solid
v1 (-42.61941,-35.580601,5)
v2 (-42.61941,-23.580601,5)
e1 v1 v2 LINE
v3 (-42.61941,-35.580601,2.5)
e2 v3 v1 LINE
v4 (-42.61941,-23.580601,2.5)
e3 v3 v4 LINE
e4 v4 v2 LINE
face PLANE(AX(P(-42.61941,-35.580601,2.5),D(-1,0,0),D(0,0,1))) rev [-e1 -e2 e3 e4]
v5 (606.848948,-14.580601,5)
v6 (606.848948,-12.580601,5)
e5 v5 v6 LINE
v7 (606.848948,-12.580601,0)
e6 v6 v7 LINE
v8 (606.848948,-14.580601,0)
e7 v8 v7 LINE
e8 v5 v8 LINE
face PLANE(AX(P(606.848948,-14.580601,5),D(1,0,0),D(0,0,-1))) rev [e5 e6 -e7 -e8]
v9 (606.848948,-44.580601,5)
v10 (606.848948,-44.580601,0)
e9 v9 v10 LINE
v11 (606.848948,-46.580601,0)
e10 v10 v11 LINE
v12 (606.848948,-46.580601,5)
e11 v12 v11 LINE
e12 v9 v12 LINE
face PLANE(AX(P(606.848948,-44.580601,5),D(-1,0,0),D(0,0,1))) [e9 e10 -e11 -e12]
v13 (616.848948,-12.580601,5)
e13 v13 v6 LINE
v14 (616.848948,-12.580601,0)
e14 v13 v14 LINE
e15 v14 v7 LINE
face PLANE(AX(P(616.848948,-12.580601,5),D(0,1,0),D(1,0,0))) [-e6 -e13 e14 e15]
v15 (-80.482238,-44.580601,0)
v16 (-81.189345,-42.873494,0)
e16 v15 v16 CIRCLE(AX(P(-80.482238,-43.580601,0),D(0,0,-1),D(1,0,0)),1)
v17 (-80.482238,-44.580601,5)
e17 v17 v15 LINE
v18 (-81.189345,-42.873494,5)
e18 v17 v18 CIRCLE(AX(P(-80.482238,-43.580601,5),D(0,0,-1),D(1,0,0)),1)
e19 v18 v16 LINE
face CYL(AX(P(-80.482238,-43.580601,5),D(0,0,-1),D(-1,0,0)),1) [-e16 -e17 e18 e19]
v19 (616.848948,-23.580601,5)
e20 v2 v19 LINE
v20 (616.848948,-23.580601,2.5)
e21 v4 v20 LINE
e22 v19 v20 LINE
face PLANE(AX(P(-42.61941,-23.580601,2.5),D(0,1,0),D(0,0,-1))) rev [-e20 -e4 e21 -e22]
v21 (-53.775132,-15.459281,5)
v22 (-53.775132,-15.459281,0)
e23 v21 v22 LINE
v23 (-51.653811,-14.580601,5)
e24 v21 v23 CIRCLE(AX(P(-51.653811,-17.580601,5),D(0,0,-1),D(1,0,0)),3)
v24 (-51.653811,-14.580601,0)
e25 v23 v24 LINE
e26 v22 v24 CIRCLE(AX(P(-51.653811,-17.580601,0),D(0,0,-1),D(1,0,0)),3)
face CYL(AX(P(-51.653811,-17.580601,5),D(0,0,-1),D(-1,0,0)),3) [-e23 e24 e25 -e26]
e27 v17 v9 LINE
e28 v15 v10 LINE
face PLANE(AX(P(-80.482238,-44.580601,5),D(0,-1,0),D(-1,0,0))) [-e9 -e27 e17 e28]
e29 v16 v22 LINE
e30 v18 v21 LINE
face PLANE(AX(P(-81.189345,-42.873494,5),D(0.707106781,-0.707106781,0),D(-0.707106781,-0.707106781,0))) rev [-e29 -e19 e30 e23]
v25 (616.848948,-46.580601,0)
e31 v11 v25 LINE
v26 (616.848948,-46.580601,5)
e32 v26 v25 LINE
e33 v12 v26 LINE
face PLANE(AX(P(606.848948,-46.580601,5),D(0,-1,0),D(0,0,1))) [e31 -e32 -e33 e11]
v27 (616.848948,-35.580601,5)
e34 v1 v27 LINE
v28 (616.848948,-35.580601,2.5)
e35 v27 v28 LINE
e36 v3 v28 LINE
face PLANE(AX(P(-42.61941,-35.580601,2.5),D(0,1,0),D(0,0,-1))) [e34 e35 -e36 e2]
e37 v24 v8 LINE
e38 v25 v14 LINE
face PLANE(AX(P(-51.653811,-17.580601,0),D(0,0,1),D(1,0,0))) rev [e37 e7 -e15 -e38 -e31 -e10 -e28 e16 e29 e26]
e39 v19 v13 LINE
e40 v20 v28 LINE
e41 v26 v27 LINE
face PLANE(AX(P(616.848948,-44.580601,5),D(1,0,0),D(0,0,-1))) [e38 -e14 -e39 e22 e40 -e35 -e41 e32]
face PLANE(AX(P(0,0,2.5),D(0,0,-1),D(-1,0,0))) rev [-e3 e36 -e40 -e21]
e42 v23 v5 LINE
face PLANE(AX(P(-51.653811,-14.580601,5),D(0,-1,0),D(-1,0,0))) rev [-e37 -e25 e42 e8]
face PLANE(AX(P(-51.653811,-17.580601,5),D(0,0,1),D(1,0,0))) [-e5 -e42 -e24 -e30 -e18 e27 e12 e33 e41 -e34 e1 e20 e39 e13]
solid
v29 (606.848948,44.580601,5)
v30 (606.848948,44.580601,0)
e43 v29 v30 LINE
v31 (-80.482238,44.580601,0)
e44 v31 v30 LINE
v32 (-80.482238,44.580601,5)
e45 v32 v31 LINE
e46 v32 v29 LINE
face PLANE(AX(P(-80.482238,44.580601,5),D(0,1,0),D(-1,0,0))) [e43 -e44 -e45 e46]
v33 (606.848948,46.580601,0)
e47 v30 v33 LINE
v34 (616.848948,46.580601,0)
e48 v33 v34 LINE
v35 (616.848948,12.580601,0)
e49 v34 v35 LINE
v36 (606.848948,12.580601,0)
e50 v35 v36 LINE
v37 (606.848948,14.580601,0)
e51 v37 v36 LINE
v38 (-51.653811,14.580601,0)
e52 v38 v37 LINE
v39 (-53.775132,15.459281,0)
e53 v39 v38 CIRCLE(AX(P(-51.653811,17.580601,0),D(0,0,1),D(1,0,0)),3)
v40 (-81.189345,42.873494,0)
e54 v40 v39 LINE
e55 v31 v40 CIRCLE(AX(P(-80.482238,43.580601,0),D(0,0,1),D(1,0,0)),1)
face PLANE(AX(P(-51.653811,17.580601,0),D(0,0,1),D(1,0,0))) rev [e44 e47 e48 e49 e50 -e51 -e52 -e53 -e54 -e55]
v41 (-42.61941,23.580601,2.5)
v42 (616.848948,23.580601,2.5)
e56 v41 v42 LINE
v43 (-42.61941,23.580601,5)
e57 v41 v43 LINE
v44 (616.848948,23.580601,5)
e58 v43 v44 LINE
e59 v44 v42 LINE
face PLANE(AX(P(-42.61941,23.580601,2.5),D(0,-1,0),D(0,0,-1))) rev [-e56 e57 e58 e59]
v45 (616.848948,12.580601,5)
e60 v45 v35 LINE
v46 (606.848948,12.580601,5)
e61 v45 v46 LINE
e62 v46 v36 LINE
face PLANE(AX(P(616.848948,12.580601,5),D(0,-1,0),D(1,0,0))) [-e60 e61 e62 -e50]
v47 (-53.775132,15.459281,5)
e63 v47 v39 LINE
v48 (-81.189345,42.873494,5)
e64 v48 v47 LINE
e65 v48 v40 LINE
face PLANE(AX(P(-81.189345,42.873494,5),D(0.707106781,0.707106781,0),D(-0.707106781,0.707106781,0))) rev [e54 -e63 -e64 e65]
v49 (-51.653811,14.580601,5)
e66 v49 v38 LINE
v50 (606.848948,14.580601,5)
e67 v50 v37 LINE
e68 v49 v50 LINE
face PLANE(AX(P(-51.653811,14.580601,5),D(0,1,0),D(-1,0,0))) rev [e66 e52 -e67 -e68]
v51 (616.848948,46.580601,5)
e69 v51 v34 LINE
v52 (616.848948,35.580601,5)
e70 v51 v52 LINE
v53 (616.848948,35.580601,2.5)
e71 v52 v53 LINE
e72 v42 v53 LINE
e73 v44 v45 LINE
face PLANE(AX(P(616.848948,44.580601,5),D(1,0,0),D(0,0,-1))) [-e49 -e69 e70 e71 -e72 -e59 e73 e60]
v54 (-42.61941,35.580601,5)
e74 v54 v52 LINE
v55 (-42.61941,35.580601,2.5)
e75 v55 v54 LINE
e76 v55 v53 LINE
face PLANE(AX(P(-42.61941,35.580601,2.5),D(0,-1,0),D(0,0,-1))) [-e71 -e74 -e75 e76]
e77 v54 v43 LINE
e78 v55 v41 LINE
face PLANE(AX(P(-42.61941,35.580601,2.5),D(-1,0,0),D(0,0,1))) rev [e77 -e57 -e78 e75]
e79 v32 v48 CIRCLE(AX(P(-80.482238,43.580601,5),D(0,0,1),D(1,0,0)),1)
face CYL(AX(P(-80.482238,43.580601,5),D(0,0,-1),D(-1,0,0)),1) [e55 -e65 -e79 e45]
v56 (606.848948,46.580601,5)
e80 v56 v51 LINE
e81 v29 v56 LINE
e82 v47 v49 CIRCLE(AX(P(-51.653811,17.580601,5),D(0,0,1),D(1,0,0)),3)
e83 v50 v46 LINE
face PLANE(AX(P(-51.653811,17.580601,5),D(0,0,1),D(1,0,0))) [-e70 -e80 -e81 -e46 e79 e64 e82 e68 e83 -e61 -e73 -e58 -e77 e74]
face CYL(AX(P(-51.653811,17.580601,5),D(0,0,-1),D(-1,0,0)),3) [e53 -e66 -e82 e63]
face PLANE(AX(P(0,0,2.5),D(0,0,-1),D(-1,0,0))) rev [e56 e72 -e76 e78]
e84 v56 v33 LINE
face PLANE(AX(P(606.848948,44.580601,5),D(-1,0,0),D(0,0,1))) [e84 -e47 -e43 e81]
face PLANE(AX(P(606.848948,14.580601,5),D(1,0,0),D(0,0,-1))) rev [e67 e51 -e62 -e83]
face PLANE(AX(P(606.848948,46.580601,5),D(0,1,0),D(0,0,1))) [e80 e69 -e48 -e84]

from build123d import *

# Parameters (mm, degrees)
SKETCH_2_W          = 10
SKETCH_2_H          = 2
EXTRUDE_1_DEPTH     = 5
SKETCH_3_W          = 660
SKETCH_3_H          = 12
CUT_EXTRUDE_1_DEPTH = 2.5


with BuildPart() as part:
    # 草图2 → 凸台-拉伸1 (new body)
    with BuildSketch(Plane.XY):
        with BuildLine():
            ThreePointArc((-80.482238339, 44.580601224), (-81.406117872, 43.963284656), (-81.18934512, 42.873494443))
            Line((-81.18934512, 42.873494443), (-53.775131558, 15.45928088))
            ThreePointArc((-53.775131558, 15.45928088), (-52.801861511, 14.808962626), (-51.653811214, 14.580601224))
            Line((-51.653811214, 14.580601224), (606.848948473, 14.580601224))
            Line((606.848948473, 14.580601224), (616.848948473, 14.580601224))
            Line((616.848948473, 14.580601224), (616.848948473, 44.580601224))
            Line((616.848948473, 44.580601224), (606.848948473, 44.580601224))
            Line((606.848948473, 44.580601224), (-80.482238339, 44.580601224))
        make_face()
        with Locations((611.848948473, 45.580601224)):
            Rectangle(SKETCH_2_W, SKETCH_2_H)
        with Locations((611.848948473, 13.580601224)):
            Rectangle(SKETCH_2_W, SKETCH_2_H)
    extrude(amount=EXTRUDE_1_DEPTH)

    # 草图3 → 切除-拉伸1 (cut)
    with BuildSketch(Plane.XY.offset(5)):
        with Locations((287.380589783, 29.580601224)):
            Rectangle(SKETCH_3_W, SKETCH_3_H)
    extrude(amount=-CUT_EXTRUDE_1_DEPTH, mode=Mode.SUBTRACT)


with BuildPart() as body_2:
    # 镜向9: mirrored copy
    add(part.part.mirror(Plane.ZX))


solid = Compound([part.part, body_2.part])
